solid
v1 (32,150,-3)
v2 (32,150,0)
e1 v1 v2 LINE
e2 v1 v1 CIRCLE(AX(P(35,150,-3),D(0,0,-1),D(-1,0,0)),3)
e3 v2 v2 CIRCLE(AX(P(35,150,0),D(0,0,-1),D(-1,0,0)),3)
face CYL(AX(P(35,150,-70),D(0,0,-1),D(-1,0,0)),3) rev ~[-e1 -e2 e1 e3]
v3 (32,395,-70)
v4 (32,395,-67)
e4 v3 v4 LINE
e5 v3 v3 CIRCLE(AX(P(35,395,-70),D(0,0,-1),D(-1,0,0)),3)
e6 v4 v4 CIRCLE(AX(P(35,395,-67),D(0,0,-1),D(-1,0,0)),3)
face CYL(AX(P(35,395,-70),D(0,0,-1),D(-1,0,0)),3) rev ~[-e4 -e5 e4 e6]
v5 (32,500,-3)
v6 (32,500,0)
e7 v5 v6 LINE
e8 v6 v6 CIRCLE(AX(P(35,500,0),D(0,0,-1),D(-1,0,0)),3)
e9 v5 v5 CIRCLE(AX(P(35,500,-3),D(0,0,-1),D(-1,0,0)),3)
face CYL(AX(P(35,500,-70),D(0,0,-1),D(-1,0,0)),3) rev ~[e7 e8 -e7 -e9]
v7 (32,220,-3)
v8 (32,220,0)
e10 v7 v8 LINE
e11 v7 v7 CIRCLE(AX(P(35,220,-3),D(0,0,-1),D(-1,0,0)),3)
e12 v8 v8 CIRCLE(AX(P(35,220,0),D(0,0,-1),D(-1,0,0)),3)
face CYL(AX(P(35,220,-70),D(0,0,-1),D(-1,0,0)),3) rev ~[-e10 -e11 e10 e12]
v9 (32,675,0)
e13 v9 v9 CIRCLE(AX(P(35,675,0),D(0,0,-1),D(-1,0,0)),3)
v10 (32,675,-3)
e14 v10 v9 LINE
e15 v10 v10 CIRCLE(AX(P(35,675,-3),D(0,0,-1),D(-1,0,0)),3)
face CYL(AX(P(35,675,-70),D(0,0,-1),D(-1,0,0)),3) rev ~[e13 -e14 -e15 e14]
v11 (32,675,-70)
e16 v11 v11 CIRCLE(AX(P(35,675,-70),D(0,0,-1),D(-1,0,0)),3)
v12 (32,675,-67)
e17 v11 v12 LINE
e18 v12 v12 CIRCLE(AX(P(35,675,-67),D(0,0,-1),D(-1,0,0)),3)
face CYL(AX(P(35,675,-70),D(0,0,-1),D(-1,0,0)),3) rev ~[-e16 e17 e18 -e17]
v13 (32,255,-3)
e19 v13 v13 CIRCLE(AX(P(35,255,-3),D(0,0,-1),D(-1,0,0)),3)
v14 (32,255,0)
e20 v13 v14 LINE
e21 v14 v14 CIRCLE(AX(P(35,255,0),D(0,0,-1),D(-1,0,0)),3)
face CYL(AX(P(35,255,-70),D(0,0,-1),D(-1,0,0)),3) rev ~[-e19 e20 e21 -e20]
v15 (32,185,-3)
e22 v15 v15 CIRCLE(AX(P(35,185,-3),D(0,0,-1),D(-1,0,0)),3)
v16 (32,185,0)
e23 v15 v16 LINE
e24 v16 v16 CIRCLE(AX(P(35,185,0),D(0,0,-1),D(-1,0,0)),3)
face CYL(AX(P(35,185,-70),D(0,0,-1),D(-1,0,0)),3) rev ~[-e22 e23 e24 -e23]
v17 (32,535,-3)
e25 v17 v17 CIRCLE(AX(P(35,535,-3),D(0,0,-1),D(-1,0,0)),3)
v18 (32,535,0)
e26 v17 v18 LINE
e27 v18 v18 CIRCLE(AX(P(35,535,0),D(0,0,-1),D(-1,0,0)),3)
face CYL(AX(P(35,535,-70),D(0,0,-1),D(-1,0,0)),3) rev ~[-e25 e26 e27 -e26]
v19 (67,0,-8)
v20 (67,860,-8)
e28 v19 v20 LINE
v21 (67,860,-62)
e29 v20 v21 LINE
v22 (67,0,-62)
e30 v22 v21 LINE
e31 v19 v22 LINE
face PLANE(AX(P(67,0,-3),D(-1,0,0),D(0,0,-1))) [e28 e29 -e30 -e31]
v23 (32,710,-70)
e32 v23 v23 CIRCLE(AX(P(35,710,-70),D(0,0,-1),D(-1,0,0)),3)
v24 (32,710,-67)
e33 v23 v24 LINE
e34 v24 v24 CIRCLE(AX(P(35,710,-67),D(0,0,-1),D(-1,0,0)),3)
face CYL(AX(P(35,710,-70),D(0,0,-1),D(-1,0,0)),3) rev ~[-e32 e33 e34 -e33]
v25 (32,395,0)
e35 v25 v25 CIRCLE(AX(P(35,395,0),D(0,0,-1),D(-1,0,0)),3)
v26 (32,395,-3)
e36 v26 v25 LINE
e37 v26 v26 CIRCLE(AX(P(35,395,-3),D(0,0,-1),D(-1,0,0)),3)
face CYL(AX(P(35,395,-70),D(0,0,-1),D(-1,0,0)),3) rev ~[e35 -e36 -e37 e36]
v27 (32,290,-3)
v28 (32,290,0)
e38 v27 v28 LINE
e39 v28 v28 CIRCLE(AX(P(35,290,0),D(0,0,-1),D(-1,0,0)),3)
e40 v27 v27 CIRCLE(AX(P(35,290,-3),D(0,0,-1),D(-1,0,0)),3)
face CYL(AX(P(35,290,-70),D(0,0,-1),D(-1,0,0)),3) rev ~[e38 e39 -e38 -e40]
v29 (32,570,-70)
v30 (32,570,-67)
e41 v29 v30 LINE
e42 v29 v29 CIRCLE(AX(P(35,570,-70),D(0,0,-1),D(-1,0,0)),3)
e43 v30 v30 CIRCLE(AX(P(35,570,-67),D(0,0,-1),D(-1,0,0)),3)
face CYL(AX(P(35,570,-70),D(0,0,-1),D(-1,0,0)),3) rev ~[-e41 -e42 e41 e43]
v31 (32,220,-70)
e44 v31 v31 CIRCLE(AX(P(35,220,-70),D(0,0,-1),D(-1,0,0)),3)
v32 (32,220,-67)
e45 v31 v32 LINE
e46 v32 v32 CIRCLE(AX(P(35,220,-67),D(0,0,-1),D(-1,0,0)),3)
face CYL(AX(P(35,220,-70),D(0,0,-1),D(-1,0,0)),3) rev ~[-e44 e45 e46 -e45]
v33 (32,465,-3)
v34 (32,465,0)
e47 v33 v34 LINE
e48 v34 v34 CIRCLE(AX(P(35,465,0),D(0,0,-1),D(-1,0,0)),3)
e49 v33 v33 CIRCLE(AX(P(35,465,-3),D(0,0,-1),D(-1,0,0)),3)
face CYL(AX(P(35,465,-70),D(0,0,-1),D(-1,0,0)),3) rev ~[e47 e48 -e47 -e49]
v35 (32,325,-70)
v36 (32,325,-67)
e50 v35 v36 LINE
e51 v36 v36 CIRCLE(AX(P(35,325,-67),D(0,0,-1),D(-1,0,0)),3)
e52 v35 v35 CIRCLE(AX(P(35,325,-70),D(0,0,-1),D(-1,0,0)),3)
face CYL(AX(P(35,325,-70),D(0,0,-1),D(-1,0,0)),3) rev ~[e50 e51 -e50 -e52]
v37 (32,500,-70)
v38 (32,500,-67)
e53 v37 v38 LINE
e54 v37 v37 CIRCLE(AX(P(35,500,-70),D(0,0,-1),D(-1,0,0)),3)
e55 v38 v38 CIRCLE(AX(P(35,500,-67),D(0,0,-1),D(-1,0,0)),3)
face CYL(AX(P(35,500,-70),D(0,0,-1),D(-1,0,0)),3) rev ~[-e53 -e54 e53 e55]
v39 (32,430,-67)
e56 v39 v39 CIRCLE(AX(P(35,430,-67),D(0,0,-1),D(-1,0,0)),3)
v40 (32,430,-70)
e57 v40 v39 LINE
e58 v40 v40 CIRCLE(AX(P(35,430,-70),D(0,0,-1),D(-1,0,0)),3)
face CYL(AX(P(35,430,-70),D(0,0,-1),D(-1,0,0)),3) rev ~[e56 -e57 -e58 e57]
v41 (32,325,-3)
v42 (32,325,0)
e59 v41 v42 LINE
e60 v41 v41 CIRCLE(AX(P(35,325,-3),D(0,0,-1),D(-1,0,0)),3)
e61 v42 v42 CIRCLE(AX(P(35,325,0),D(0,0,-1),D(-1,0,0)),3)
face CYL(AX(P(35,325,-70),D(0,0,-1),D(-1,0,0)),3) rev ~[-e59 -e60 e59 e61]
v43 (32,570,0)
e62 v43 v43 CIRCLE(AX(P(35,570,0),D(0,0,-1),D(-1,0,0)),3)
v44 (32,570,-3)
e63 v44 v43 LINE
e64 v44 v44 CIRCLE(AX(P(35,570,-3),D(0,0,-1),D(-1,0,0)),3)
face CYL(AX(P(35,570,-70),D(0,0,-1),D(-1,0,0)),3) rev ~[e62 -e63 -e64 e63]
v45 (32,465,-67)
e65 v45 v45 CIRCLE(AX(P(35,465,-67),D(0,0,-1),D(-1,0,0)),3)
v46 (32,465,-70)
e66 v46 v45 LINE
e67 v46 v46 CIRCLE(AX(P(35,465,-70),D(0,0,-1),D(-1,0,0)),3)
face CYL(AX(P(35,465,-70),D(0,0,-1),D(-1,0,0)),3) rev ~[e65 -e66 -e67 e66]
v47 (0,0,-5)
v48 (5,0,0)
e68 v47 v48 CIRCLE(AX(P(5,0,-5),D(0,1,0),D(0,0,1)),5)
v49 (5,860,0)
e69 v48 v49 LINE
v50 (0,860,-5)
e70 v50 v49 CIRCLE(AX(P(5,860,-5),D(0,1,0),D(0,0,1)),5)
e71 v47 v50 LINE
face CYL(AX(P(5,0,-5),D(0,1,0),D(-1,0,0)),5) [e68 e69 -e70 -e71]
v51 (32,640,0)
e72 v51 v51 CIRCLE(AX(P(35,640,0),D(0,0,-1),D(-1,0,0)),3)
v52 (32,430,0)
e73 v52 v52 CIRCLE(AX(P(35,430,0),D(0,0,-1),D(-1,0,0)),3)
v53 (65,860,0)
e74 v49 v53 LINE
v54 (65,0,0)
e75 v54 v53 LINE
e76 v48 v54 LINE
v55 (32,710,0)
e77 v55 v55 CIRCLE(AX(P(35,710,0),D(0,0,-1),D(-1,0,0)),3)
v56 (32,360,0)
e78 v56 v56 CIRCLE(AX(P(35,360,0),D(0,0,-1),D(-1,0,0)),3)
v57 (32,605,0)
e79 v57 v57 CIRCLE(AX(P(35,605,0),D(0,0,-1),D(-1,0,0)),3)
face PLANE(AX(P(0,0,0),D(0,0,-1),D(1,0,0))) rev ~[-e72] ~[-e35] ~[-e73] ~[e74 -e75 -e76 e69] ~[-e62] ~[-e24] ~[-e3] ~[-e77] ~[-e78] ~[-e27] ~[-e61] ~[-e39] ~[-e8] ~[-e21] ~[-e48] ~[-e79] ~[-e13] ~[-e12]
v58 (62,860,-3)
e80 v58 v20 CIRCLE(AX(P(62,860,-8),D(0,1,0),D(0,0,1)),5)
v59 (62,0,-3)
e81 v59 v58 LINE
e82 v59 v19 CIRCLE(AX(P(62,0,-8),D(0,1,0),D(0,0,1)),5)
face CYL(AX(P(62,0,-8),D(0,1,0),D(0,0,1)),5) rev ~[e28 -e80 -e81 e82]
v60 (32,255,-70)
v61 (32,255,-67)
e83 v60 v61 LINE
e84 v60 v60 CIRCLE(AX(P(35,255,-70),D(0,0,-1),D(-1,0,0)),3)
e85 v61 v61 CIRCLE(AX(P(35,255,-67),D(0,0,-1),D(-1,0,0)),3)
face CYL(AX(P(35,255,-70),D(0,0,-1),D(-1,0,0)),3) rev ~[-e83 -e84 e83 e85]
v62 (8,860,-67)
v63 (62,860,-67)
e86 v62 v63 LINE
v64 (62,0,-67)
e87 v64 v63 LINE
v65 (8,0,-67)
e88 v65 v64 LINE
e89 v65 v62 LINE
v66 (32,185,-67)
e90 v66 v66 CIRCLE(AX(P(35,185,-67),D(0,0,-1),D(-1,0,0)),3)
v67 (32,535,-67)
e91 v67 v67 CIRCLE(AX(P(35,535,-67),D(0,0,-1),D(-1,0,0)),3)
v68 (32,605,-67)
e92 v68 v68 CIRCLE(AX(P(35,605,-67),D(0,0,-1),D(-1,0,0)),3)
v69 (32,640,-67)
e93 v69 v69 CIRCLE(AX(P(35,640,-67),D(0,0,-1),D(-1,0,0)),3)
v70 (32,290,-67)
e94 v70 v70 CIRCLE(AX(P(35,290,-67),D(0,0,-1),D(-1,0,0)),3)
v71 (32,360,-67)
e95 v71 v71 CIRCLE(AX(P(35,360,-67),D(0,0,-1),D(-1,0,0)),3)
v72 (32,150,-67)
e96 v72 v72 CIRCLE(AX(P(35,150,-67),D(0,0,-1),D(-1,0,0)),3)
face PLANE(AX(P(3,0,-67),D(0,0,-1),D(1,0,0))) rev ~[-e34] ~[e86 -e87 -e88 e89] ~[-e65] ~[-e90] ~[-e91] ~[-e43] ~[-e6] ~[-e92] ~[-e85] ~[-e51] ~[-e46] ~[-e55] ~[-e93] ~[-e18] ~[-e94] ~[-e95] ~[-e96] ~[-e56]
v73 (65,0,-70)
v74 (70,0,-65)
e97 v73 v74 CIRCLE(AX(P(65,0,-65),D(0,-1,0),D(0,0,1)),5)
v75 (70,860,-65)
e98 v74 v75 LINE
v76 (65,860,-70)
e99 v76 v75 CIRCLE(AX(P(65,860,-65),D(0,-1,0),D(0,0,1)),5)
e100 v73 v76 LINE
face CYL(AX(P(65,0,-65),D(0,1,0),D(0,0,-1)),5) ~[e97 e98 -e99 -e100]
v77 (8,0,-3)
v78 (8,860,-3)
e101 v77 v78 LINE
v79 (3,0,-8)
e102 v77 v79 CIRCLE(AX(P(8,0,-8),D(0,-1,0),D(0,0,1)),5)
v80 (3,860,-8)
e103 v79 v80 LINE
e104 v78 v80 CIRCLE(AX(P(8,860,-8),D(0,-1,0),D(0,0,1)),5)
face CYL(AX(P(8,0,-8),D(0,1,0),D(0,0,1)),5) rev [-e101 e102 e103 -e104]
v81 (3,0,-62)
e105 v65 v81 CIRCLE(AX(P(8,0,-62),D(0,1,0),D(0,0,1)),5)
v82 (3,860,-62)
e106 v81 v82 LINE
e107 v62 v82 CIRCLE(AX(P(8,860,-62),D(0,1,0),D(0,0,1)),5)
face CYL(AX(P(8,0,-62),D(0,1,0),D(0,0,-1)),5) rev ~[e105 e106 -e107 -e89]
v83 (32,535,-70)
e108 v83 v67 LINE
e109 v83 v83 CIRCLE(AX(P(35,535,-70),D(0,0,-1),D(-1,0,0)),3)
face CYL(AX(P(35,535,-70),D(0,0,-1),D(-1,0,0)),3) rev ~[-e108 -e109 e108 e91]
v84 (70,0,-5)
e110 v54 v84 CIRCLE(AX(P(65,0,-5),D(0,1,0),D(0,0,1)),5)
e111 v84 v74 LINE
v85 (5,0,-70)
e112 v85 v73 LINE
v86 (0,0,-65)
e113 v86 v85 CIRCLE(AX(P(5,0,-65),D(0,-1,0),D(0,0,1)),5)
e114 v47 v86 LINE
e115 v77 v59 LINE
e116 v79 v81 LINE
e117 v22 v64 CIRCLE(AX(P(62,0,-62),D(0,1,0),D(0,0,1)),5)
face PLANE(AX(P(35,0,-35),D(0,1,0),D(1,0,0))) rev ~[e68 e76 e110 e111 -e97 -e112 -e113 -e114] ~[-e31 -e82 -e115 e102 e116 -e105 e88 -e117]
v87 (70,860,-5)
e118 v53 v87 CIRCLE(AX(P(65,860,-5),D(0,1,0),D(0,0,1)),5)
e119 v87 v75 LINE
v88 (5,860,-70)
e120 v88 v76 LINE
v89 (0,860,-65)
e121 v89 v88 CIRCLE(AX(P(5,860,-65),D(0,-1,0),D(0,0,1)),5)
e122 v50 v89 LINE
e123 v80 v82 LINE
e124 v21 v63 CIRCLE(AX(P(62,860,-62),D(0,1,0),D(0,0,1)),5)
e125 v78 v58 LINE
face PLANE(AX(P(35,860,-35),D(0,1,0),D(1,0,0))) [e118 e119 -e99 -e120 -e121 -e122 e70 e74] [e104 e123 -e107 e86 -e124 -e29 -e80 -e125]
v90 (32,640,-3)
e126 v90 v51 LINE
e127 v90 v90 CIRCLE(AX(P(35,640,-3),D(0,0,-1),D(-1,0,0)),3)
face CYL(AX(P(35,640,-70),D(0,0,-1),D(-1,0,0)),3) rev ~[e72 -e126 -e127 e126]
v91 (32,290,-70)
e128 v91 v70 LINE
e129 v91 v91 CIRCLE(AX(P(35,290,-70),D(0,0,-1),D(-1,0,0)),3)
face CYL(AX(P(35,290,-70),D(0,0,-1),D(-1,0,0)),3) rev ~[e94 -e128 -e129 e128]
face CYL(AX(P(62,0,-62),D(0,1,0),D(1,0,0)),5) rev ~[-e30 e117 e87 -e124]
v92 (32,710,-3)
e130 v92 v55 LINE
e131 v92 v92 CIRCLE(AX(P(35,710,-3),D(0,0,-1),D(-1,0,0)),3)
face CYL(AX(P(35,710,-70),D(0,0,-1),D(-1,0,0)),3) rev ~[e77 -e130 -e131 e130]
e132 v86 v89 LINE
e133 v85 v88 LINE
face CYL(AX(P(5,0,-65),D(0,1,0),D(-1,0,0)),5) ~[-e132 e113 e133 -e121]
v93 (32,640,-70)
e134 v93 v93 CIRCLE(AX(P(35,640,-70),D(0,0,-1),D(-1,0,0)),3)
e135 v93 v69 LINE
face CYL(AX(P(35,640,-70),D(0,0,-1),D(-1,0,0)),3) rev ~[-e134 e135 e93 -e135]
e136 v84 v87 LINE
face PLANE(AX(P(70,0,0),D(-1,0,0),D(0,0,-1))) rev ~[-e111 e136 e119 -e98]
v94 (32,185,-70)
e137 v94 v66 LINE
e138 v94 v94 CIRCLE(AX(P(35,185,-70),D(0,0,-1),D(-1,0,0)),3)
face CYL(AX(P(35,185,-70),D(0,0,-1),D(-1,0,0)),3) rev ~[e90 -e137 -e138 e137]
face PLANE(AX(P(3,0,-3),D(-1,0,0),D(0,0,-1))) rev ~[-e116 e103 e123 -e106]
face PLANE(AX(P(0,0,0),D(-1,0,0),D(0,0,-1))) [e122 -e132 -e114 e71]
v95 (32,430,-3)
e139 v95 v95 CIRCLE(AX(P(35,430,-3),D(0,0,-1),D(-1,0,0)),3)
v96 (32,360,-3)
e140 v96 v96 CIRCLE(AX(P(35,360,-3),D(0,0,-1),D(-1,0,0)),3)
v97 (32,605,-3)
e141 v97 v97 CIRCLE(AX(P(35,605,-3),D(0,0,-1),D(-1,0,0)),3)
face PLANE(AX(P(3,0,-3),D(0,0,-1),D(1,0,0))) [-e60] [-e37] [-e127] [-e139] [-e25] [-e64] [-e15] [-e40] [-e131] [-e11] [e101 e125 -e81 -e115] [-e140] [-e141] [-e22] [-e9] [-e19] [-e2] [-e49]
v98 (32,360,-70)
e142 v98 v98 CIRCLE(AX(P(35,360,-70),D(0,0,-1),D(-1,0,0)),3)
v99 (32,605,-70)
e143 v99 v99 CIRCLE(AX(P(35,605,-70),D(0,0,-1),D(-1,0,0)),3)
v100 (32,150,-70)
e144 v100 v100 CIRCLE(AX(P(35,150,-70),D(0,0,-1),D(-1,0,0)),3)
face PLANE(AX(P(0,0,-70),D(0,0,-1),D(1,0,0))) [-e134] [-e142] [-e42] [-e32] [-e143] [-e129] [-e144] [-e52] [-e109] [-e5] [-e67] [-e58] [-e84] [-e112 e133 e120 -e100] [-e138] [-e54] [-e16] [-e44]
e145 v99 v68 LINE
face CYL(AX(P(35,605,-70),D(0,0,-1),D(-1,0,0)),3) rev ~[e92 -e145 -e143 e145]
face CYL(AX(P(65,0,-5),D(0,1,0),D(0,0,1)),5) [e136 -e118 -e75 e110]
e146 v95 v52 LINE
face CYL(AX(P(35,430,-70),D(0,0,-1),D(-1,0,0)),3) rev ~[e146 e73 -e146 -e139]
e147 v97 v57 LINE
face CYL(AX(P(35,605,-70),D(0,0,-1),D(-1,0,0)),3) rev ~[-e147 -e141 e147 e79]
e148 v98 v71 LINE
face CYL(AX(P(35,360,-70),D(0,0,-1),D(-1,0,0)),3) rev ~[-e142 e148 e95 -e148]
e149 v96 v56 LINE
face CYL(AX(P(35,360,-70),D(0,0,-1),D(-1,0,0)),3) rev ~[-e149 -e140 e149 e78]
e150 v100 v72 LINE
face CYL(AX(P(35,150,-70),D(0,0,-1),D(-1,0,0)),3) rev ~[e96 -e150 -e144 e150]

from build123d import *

# Parameters (mm, degrees)
SKETCH1_W           = 70
SKETCH1_H           = 70
SKETCH1_W_2         = 64
SKETCH1_H_2         = 64
BOSS_EXTRUDE1_DEPTH = 860
FILLET1_R           = 5
SKETCH2_R           = 3
CUT_EXTRUDE1_DEPTH  = 70
LPATTERN1_COUNT     = 9
LPATTERN1_PITCH     = 35
LPATTERN1_COL_COUNT = 9
LPATTERN1_COL_PITCH = 35


with BuildPart() as part:
    # Sketch1 → Boss-Extrude1 (new body)
    with BuildSketch(Plane(origin=(0, 0, 0), x_dir=(1, 0, 0), z_dir=(0, 1, 0))):
        with Locations((35, 35)):
            Rectangle(SKETCH1_W, SKETCH1_H)
        with Locations((35, 35)):
            Rectangle(SKETCH1_W_2, SKETCH1_H_2, mode=Mode.SUBTRACT)
    extrude(amount=BOSS_EXTRUDE1_DEPTH)

    # Fillet1
    fillet1_edges = [part.edges().sort_by_distance(p)[0] for p in [
        (3, 430, -67),
        (3, 430, -3),
        (67, 430, -3),
        (67, 430, -67),
        (0, 430, 0),
        (0, 430, -70),
        (70, 430, -70),
        (70, 430, 0),
    ]]
    fillet(fillet1_edges, radius=FILLET1_R)

    # Sketch2 → Cut-Extrude1 (cut)
    with BuildSketch(Plane(origin=(0, 0, -70), x_dir=(-1, 0, 0), z_dir=(0, 0, -1))):
        with Locations((-35, 430)):
            Circle(SKETCH2_R)
    cut_extrude1 = extrude(amount=-CUT_EXTRUDE1_DEPTH, mode=Mode.SUBTRACT)

    # LPattern1: Cut-Extrude1 ×9
    with Locations(*[(0, -i * LPATTERN1_PITCH, 0) for i in range(1, LPATTERN1_COUNT)]):
        add(cut_extrude1, mode=Mode.SUBTRACT)

    # LPattern1 col: Cut-Extrude1 ×9
    with Locations(*[(0, i * LPATTERN1_COL_PITCH, 0) for i in range(1, LPATTERN1_COL_COUNT)]):
        add(cut_extrude1, mode=Mode.SUBTRACT)


solid = part.part
